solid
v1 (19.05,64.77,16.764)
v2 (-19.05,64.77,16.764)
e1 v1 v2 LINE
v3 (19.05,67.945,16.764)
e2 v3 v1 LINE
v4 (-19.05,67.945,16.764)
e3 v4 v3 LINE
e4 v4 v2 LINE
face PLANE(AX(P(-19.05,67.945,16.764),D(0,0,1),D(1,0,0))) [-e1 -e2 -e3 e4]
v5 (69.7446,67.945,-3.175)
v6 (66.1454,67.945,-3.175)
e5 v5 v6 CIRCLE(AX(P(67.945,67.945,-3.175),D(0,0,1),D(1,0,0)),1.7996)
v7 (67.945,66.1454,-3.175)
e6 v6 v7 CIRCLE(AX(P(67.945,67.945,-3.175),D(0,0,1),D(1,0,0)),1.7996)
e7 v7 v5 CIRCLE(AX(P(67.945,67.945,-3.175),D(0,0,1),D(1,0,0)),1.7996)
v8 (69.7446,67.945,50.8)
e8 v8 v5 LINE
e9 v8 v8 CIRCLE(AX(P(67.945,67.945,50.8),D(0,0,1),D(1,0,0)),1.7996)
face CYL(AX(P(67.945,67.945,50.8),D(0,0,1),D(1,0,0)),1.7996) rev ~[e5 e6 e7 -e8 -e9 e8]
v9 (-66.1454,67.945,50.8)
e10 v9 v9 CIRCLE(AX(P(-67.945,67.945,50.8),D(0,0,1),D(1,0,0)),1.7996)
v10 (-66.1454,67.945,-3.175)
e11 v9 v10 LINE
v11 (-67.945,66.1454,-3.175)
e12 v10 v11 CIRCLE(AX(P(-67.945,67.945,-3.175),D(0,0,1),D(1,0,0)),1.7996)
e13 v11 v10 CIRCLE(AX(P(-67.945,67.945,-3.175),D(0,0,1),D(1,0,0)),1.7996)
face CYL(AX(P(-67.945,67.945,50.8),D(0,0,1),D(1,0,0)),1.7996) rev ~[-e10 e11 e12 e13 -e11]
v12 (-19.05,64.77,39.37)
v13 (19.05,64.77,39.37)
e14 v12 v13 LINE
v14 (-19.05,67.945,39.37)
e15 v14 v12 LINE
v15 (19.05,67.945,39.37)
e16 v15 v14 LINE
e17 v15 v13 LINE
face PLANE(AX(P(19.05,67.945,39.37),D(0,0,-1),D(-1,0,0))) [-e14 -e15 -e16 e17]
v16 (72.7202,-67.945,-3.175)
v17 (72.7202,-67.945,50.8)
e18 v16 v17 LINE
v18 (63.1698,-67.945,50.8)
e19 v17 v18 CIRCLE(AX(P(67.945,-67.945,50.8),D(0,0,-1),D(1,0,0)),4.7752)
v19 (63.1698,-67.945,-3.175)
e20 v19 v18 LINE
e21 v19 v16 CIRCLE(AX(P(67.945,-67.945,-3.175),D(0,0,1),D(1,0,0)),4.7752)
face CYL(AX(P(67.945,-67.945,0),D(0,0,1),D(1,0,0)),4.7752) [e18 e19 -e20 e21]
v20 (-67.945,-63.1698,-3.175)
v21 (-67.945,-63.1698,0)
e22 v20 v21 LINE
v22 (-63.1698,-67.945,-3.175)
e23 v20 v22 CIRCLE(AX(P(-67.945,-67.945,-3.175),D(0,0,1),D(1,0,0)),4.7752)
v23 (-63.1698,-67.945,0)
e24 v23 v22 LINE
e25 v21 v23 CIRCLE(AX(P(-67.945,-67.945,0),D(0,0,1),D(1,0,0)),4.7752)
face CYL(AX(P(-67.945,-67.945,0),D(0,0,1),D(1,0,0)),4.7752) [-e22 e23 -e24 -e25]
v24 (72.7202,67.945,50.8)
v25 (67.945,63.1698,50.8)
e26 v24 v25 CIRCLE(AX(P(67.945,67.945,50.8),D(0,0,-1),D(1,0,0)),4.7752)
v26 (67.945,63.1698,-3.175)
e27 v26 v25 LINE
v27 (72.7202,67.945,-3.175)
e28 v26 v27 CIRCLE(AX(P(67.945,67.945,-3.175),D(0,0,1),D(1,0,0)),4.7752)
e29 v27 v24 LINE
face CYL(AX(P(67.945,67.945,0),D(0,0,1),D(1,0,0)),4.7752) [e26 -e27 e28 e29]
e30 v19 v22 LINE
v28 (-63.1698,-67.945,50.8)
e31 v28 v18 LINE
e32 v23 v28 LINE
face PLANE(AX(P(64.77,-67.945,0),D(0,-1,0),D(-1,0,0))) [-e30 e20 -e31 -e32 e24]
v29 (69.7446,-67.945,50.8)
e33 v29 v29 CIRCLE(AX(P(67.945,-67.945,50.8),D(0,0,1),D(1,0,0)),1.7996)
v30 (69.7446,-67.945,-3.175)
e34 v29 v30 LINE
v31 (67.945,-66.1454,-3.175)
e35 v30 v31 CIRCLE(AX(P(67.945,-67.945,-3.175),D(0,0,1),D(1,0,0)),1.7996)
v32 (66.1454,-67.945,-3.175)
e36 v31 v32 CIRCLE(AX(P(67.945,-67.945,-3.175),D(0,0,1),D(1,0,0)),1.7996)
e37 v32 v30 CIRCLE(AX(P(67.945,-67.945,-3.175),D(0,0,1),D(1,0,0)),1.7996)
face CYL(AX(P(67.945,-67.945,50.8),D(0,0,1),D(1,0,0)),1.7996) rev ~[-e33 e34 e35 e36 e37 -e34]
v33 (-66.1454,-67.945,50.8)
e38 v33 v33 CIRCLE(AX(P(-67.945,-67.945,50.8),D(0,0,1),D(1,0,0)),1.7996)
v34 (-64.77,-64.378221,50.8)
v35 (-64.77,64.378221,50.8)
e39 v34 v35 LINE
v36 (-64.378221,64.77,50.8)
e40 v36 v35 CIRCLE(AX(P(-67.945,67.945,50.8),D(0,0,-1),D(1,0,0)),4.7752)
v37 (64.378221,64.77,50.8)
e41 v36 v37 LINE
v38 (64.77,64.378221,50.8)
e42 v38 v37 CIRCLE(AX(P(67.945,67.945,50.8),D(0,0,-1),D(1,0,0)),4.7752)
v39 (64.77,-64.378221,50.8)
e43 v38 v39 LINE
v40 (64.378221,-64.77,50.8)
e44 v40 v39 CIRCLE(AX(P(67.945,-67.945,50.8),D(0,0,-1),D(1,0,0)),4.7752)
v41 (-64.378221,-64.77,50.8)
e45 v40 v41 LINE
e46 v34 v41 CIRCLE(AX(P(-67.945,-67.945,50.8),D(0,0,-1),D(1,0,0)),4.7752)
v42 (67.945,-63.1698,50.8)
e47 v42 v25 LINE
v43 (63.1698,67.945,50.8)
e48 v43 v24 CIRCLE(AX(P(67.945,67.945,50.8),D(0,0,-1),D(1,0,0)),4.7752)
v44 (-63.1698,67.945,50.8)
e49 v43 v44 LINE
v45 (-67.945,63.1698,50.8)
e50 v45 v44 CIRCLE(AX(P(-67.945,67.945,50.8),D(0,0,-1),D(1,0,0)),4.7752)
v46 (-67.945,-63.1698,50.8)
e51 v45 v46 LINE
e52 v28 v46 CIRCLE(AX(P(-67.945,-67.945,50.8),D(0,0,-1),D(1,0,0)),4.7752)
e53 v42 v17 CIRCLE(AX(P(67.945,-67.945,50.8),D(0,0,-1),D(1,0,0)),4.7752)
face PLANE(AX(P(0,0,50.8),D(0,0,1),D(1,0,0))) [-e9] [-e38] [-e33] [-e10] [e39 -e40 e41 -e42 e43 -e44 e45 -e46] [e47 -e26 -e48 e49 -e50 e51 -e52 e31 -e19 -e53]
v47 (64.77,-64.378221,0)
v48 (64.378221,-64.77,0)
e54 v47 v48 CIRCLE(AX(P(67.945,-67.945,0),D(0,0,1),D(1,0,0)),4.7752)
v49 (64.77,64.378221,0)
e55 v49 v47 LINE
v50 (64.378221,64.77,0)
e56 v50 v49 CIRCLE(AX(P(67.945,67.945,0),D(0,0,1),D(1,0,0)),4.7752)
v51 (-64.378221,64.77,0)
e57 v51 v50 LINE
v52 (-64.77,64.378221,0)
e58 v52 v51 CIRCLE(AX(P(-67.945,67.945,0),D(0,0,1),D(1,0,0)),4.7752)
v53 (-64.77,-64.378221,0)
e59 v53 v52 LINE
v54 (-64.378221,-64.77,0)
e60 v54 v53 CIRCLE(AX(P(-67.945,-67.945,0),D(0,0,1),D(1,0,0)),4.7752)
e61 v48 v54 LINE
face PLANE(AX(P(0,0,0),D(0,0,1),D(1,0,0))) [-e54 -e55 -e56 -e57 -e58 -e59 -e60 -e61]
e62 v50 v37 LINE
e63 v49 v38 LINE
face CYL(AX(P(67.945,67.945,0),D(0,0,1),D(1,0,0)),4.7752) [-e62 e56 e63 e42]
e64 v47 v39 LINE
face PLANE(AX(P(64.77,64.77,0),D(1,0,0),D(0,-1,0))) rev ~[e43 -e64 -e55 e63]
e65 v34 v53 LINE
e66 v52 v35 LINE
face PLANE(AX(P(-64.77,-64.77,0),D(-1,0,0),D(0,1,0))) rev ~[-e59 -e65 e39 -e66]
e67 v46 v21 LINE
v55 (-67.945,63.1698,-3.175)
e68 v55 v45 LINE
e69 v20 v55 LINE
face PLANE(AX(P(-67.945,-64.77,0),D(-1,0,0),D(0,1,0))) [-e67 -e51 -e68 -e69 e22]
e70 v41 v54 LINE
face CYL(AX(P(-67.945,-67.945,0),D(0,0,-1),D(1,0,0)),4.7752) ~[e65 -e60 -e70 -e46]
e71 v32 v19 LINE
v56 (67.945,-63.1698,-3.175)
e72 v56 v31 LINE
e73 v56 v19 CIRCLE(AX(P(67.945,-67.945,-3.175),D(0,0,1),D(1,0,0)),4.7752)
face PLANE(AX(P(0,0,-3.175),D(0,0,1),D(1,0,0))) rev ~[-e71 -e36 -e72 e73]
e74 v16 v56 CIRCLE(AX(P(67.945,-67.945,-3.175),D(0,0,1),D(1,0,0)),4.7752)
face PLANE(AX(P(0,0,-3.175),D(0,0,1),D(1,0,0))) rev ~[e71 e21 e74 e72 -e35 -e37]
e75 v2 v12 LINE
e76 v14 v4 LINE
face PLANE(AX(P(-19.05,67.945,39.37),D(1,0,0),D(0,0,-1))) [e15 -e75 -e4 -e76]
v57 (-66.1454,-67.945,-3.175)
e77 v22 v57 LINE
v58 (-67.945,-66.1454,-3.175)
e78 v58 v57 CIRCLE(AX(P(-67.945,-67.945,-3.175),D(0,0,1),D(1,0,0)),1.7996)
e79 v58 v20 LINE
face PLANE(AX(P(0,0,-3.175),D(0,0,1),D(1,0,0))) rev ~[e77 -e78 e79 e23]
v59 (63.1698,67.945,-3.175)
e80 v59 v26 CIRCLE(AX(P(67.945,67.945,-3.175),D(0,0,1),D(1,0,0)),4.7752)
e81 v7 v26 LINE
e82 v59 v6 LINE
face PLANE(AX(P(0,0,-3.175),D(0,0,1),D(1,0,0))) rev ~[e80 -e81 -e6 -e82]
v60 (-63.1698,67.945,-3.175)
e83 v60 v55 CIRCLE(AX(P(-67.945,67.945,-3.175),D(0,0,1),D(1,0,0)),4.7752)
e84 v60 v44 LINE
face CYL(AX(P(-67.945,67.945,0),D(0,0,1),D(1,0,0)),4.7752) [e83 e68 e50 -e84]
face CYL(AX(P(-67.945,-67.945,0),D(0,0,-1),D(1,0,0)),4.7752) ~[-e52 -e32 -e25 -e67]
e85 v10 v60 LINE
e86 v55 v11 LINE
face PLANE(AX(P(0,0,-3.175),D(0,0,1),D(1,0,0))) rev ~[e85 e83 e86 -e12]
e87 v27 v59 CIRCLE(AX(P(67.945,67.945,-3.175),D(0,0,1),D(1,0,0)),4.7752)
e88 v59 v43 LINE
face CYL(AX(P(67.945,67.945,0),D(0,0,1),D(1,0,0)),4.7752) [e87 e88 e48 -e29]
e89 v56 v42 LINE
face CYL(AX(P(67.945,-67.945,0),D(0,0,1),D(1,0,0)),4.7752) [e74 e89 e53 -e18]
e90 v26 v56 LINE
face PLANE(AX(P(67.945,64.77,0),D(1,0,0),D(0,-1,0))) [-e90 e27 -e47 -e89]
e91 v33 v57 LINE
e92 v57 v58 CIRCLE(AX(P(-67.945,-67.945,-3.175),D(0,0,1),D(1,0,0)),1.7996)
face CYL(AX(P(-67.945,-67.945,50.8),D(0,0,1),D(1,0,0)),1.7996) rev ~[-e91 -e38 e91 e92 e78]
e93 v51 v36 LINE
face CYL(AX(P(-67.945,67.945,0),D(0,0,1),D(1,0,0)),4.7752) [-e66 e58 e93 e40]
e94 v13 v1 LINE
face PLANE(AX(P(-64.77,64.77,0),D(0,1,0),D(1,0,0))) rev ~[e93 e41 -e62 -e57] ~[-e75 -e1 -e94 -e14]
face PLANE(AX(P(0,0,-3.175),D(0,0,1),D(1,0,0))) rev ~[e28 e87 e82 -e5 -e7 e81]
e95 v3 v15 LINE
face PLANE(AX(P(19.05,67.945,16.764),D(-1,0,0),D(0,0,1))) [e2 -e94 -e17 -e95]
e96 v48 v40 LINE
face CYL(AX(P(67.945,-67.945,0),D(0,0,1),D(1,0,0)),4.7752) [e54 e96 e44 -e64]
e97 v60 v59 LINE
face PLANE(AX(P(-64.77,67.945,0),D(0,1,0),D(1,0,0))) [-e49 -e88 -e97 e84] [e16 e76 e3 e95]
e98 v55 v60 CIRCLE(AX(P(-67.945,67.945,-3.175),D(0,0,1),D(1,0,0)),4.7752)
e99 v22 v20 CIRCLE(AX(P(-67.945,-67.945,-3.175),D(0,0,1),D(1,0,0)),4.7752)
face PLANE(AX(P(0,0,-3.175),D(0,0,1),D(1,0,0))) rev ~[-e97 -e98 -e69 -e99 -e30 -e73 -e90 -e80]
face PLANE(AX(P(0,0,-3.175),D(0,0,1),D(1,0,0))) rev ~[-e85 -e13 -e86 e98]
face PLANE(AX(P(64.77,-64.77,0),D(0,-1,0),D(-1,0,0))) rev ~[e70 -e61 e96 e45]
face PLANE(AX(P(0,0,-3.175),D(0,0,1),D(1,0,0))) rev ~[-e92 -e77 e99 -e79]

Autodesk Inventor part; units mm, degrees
ref_plane "YZ Plane" through (0, 0, 0) normal (1, 0, 0) x (0, 1, 0)
ref_plane "XZ Plane" through (0, 0, 0) normal (0, 1, 0) x (-1, 0, 0)
ref_plane "XY Plane" through (0, 0, 0) normal (0, 0, 1) x (1, 0, 0)
sketch "Sketch1" plane through (0, 0, 0) normal (0, 0, 1) x (1, 0, 0)
  line L0 (-64.77, 64.77) -> (64.77, 64.77)
  line L1 (64.77, 64.77) -> (64.77, -64.77)
  line L2 (64.77, -64.77) -> (-64.77, -64.77)
  line L3 (-64.77, -64.77) -> (-64.77, 64.77)
  line L4 (-64.77, 64.77) -> (64.77, -64.77) construction
  line L5 (64.77, 64.77) -> (-64.77, -64.77) construction
  point P0 (0, 0)
  dimension "d0" = 129.54
extrude "Extrusion1" add sketch "Sketch1" along normal blind 50.8
shell "Shell1" thickness 3.175 outward yes removed faces 1 at (-21.59, -21.59, 50.8)
sketch "Sketch2" plane through (0, 0, 0) normal (0, 0, 1) x (1, 0, 0)
  line L0 (-67.945, 67.945) -> (-67.945, -67.945) projected
  circle A0 centre (-67.945, 67.945) radius 4.7752
  line L1 (67.945, -67.945) -> (67.945, 67.945) projected
  circle A1 centre (67.945, 67.945) radius 4.7752
  line L2 (-67.945, -67.945) -> (67.945, -67.945) projected
  circle A2 centre (67.945, -67.945) radius 4.7752
  circle A3 centre (-67.945, -67.945) radius 4.7752
  point P0 (0, 0)
  dimension "d4" = 9.5504
extrude "Extrusion2" add sketch "Sketch2" along normal blind 50.8 and the other way blind 3.175
sketch "Sketch3" plane through (0, 0, 50.8) normal (0, 0, 1) x (1, 0, 0)
  line L0 (-67.945, 63.1698) -> (-67.945, -63.1698) projected
  circle A0 centre (-67.945, -67.945) radius 1.7996
  line L1 (-63.1698, -67.945) -> (63.1698, -67.945) projected
  arc A1 (-67.945, -63.1698) -> (-63.1698, -67.945) centre (-67.945, -67.945) ccw projected
  arc A2 (-63.1698, 67.945) -> (-67.945, 63.1698) centre (-67.945, 67.945) ccw projected
  circle A3 centre (-67.945, 67.945) radius 1.7996
  arc A4 (67.945, 63.1698) -> (63.1698, 67.945) centre (67.945, 67.945) ccw projected
  circle A5 centre (67.945, 67.945) radius 1.7996
  arc A6 (63.1698, -67.945) -> (67.945, -63.1698) centre (67.945, -67.945) ccw projected
  circle A7 centre (67.945, -67.945) radius 1.7996
  point P0 (0, 0)
  point P1 (82.55, 82.55)
  dimension "d17" = 3.5992
extrude "Extrusion3" cut sketch "Sketch3" along normal mid plane 107.95
sketch "Sketch4" plane through (-63.1698, 67.945, -3.175) normal (0, 1, 0) x (1, 0, 0)
  line L0 (44.1198, -19.939) -> (82.2198, -19.939)
  line L1 (82.2198, -19.939) -> (82.2198, -42.545)
  line L2 (82.2198, -42.545) -> (44.1198, -42.545)
  line L3 (44.1198, -42.545) -> (44.1198, -19.939)
  line L4 (44.1198, -19.939) -> (82.2198, -42.545) construction
  line L5 (82.2198, -19.939) -> (44.1198, -42.545) construction
  line L6 (126.3396, -53.975) -> (0, -53.975) projected
  point P0 (63.1698, -3.175)
  point P1 (63.1698, -31.242)
  point P2 (63.1698, -31.242)
  point P3 (160.9128, -53.975)
  point P4 (-0.588, -53.975)
  dimension "d12" = 38.1
  dimension "d13" = 22.606
  dimension "d14" = 11.43
extrude "Extrusion4" cut sketch "Sketch4" against normal up to next
properties part number "PS-01" material "Aluminum 6061(1)"
